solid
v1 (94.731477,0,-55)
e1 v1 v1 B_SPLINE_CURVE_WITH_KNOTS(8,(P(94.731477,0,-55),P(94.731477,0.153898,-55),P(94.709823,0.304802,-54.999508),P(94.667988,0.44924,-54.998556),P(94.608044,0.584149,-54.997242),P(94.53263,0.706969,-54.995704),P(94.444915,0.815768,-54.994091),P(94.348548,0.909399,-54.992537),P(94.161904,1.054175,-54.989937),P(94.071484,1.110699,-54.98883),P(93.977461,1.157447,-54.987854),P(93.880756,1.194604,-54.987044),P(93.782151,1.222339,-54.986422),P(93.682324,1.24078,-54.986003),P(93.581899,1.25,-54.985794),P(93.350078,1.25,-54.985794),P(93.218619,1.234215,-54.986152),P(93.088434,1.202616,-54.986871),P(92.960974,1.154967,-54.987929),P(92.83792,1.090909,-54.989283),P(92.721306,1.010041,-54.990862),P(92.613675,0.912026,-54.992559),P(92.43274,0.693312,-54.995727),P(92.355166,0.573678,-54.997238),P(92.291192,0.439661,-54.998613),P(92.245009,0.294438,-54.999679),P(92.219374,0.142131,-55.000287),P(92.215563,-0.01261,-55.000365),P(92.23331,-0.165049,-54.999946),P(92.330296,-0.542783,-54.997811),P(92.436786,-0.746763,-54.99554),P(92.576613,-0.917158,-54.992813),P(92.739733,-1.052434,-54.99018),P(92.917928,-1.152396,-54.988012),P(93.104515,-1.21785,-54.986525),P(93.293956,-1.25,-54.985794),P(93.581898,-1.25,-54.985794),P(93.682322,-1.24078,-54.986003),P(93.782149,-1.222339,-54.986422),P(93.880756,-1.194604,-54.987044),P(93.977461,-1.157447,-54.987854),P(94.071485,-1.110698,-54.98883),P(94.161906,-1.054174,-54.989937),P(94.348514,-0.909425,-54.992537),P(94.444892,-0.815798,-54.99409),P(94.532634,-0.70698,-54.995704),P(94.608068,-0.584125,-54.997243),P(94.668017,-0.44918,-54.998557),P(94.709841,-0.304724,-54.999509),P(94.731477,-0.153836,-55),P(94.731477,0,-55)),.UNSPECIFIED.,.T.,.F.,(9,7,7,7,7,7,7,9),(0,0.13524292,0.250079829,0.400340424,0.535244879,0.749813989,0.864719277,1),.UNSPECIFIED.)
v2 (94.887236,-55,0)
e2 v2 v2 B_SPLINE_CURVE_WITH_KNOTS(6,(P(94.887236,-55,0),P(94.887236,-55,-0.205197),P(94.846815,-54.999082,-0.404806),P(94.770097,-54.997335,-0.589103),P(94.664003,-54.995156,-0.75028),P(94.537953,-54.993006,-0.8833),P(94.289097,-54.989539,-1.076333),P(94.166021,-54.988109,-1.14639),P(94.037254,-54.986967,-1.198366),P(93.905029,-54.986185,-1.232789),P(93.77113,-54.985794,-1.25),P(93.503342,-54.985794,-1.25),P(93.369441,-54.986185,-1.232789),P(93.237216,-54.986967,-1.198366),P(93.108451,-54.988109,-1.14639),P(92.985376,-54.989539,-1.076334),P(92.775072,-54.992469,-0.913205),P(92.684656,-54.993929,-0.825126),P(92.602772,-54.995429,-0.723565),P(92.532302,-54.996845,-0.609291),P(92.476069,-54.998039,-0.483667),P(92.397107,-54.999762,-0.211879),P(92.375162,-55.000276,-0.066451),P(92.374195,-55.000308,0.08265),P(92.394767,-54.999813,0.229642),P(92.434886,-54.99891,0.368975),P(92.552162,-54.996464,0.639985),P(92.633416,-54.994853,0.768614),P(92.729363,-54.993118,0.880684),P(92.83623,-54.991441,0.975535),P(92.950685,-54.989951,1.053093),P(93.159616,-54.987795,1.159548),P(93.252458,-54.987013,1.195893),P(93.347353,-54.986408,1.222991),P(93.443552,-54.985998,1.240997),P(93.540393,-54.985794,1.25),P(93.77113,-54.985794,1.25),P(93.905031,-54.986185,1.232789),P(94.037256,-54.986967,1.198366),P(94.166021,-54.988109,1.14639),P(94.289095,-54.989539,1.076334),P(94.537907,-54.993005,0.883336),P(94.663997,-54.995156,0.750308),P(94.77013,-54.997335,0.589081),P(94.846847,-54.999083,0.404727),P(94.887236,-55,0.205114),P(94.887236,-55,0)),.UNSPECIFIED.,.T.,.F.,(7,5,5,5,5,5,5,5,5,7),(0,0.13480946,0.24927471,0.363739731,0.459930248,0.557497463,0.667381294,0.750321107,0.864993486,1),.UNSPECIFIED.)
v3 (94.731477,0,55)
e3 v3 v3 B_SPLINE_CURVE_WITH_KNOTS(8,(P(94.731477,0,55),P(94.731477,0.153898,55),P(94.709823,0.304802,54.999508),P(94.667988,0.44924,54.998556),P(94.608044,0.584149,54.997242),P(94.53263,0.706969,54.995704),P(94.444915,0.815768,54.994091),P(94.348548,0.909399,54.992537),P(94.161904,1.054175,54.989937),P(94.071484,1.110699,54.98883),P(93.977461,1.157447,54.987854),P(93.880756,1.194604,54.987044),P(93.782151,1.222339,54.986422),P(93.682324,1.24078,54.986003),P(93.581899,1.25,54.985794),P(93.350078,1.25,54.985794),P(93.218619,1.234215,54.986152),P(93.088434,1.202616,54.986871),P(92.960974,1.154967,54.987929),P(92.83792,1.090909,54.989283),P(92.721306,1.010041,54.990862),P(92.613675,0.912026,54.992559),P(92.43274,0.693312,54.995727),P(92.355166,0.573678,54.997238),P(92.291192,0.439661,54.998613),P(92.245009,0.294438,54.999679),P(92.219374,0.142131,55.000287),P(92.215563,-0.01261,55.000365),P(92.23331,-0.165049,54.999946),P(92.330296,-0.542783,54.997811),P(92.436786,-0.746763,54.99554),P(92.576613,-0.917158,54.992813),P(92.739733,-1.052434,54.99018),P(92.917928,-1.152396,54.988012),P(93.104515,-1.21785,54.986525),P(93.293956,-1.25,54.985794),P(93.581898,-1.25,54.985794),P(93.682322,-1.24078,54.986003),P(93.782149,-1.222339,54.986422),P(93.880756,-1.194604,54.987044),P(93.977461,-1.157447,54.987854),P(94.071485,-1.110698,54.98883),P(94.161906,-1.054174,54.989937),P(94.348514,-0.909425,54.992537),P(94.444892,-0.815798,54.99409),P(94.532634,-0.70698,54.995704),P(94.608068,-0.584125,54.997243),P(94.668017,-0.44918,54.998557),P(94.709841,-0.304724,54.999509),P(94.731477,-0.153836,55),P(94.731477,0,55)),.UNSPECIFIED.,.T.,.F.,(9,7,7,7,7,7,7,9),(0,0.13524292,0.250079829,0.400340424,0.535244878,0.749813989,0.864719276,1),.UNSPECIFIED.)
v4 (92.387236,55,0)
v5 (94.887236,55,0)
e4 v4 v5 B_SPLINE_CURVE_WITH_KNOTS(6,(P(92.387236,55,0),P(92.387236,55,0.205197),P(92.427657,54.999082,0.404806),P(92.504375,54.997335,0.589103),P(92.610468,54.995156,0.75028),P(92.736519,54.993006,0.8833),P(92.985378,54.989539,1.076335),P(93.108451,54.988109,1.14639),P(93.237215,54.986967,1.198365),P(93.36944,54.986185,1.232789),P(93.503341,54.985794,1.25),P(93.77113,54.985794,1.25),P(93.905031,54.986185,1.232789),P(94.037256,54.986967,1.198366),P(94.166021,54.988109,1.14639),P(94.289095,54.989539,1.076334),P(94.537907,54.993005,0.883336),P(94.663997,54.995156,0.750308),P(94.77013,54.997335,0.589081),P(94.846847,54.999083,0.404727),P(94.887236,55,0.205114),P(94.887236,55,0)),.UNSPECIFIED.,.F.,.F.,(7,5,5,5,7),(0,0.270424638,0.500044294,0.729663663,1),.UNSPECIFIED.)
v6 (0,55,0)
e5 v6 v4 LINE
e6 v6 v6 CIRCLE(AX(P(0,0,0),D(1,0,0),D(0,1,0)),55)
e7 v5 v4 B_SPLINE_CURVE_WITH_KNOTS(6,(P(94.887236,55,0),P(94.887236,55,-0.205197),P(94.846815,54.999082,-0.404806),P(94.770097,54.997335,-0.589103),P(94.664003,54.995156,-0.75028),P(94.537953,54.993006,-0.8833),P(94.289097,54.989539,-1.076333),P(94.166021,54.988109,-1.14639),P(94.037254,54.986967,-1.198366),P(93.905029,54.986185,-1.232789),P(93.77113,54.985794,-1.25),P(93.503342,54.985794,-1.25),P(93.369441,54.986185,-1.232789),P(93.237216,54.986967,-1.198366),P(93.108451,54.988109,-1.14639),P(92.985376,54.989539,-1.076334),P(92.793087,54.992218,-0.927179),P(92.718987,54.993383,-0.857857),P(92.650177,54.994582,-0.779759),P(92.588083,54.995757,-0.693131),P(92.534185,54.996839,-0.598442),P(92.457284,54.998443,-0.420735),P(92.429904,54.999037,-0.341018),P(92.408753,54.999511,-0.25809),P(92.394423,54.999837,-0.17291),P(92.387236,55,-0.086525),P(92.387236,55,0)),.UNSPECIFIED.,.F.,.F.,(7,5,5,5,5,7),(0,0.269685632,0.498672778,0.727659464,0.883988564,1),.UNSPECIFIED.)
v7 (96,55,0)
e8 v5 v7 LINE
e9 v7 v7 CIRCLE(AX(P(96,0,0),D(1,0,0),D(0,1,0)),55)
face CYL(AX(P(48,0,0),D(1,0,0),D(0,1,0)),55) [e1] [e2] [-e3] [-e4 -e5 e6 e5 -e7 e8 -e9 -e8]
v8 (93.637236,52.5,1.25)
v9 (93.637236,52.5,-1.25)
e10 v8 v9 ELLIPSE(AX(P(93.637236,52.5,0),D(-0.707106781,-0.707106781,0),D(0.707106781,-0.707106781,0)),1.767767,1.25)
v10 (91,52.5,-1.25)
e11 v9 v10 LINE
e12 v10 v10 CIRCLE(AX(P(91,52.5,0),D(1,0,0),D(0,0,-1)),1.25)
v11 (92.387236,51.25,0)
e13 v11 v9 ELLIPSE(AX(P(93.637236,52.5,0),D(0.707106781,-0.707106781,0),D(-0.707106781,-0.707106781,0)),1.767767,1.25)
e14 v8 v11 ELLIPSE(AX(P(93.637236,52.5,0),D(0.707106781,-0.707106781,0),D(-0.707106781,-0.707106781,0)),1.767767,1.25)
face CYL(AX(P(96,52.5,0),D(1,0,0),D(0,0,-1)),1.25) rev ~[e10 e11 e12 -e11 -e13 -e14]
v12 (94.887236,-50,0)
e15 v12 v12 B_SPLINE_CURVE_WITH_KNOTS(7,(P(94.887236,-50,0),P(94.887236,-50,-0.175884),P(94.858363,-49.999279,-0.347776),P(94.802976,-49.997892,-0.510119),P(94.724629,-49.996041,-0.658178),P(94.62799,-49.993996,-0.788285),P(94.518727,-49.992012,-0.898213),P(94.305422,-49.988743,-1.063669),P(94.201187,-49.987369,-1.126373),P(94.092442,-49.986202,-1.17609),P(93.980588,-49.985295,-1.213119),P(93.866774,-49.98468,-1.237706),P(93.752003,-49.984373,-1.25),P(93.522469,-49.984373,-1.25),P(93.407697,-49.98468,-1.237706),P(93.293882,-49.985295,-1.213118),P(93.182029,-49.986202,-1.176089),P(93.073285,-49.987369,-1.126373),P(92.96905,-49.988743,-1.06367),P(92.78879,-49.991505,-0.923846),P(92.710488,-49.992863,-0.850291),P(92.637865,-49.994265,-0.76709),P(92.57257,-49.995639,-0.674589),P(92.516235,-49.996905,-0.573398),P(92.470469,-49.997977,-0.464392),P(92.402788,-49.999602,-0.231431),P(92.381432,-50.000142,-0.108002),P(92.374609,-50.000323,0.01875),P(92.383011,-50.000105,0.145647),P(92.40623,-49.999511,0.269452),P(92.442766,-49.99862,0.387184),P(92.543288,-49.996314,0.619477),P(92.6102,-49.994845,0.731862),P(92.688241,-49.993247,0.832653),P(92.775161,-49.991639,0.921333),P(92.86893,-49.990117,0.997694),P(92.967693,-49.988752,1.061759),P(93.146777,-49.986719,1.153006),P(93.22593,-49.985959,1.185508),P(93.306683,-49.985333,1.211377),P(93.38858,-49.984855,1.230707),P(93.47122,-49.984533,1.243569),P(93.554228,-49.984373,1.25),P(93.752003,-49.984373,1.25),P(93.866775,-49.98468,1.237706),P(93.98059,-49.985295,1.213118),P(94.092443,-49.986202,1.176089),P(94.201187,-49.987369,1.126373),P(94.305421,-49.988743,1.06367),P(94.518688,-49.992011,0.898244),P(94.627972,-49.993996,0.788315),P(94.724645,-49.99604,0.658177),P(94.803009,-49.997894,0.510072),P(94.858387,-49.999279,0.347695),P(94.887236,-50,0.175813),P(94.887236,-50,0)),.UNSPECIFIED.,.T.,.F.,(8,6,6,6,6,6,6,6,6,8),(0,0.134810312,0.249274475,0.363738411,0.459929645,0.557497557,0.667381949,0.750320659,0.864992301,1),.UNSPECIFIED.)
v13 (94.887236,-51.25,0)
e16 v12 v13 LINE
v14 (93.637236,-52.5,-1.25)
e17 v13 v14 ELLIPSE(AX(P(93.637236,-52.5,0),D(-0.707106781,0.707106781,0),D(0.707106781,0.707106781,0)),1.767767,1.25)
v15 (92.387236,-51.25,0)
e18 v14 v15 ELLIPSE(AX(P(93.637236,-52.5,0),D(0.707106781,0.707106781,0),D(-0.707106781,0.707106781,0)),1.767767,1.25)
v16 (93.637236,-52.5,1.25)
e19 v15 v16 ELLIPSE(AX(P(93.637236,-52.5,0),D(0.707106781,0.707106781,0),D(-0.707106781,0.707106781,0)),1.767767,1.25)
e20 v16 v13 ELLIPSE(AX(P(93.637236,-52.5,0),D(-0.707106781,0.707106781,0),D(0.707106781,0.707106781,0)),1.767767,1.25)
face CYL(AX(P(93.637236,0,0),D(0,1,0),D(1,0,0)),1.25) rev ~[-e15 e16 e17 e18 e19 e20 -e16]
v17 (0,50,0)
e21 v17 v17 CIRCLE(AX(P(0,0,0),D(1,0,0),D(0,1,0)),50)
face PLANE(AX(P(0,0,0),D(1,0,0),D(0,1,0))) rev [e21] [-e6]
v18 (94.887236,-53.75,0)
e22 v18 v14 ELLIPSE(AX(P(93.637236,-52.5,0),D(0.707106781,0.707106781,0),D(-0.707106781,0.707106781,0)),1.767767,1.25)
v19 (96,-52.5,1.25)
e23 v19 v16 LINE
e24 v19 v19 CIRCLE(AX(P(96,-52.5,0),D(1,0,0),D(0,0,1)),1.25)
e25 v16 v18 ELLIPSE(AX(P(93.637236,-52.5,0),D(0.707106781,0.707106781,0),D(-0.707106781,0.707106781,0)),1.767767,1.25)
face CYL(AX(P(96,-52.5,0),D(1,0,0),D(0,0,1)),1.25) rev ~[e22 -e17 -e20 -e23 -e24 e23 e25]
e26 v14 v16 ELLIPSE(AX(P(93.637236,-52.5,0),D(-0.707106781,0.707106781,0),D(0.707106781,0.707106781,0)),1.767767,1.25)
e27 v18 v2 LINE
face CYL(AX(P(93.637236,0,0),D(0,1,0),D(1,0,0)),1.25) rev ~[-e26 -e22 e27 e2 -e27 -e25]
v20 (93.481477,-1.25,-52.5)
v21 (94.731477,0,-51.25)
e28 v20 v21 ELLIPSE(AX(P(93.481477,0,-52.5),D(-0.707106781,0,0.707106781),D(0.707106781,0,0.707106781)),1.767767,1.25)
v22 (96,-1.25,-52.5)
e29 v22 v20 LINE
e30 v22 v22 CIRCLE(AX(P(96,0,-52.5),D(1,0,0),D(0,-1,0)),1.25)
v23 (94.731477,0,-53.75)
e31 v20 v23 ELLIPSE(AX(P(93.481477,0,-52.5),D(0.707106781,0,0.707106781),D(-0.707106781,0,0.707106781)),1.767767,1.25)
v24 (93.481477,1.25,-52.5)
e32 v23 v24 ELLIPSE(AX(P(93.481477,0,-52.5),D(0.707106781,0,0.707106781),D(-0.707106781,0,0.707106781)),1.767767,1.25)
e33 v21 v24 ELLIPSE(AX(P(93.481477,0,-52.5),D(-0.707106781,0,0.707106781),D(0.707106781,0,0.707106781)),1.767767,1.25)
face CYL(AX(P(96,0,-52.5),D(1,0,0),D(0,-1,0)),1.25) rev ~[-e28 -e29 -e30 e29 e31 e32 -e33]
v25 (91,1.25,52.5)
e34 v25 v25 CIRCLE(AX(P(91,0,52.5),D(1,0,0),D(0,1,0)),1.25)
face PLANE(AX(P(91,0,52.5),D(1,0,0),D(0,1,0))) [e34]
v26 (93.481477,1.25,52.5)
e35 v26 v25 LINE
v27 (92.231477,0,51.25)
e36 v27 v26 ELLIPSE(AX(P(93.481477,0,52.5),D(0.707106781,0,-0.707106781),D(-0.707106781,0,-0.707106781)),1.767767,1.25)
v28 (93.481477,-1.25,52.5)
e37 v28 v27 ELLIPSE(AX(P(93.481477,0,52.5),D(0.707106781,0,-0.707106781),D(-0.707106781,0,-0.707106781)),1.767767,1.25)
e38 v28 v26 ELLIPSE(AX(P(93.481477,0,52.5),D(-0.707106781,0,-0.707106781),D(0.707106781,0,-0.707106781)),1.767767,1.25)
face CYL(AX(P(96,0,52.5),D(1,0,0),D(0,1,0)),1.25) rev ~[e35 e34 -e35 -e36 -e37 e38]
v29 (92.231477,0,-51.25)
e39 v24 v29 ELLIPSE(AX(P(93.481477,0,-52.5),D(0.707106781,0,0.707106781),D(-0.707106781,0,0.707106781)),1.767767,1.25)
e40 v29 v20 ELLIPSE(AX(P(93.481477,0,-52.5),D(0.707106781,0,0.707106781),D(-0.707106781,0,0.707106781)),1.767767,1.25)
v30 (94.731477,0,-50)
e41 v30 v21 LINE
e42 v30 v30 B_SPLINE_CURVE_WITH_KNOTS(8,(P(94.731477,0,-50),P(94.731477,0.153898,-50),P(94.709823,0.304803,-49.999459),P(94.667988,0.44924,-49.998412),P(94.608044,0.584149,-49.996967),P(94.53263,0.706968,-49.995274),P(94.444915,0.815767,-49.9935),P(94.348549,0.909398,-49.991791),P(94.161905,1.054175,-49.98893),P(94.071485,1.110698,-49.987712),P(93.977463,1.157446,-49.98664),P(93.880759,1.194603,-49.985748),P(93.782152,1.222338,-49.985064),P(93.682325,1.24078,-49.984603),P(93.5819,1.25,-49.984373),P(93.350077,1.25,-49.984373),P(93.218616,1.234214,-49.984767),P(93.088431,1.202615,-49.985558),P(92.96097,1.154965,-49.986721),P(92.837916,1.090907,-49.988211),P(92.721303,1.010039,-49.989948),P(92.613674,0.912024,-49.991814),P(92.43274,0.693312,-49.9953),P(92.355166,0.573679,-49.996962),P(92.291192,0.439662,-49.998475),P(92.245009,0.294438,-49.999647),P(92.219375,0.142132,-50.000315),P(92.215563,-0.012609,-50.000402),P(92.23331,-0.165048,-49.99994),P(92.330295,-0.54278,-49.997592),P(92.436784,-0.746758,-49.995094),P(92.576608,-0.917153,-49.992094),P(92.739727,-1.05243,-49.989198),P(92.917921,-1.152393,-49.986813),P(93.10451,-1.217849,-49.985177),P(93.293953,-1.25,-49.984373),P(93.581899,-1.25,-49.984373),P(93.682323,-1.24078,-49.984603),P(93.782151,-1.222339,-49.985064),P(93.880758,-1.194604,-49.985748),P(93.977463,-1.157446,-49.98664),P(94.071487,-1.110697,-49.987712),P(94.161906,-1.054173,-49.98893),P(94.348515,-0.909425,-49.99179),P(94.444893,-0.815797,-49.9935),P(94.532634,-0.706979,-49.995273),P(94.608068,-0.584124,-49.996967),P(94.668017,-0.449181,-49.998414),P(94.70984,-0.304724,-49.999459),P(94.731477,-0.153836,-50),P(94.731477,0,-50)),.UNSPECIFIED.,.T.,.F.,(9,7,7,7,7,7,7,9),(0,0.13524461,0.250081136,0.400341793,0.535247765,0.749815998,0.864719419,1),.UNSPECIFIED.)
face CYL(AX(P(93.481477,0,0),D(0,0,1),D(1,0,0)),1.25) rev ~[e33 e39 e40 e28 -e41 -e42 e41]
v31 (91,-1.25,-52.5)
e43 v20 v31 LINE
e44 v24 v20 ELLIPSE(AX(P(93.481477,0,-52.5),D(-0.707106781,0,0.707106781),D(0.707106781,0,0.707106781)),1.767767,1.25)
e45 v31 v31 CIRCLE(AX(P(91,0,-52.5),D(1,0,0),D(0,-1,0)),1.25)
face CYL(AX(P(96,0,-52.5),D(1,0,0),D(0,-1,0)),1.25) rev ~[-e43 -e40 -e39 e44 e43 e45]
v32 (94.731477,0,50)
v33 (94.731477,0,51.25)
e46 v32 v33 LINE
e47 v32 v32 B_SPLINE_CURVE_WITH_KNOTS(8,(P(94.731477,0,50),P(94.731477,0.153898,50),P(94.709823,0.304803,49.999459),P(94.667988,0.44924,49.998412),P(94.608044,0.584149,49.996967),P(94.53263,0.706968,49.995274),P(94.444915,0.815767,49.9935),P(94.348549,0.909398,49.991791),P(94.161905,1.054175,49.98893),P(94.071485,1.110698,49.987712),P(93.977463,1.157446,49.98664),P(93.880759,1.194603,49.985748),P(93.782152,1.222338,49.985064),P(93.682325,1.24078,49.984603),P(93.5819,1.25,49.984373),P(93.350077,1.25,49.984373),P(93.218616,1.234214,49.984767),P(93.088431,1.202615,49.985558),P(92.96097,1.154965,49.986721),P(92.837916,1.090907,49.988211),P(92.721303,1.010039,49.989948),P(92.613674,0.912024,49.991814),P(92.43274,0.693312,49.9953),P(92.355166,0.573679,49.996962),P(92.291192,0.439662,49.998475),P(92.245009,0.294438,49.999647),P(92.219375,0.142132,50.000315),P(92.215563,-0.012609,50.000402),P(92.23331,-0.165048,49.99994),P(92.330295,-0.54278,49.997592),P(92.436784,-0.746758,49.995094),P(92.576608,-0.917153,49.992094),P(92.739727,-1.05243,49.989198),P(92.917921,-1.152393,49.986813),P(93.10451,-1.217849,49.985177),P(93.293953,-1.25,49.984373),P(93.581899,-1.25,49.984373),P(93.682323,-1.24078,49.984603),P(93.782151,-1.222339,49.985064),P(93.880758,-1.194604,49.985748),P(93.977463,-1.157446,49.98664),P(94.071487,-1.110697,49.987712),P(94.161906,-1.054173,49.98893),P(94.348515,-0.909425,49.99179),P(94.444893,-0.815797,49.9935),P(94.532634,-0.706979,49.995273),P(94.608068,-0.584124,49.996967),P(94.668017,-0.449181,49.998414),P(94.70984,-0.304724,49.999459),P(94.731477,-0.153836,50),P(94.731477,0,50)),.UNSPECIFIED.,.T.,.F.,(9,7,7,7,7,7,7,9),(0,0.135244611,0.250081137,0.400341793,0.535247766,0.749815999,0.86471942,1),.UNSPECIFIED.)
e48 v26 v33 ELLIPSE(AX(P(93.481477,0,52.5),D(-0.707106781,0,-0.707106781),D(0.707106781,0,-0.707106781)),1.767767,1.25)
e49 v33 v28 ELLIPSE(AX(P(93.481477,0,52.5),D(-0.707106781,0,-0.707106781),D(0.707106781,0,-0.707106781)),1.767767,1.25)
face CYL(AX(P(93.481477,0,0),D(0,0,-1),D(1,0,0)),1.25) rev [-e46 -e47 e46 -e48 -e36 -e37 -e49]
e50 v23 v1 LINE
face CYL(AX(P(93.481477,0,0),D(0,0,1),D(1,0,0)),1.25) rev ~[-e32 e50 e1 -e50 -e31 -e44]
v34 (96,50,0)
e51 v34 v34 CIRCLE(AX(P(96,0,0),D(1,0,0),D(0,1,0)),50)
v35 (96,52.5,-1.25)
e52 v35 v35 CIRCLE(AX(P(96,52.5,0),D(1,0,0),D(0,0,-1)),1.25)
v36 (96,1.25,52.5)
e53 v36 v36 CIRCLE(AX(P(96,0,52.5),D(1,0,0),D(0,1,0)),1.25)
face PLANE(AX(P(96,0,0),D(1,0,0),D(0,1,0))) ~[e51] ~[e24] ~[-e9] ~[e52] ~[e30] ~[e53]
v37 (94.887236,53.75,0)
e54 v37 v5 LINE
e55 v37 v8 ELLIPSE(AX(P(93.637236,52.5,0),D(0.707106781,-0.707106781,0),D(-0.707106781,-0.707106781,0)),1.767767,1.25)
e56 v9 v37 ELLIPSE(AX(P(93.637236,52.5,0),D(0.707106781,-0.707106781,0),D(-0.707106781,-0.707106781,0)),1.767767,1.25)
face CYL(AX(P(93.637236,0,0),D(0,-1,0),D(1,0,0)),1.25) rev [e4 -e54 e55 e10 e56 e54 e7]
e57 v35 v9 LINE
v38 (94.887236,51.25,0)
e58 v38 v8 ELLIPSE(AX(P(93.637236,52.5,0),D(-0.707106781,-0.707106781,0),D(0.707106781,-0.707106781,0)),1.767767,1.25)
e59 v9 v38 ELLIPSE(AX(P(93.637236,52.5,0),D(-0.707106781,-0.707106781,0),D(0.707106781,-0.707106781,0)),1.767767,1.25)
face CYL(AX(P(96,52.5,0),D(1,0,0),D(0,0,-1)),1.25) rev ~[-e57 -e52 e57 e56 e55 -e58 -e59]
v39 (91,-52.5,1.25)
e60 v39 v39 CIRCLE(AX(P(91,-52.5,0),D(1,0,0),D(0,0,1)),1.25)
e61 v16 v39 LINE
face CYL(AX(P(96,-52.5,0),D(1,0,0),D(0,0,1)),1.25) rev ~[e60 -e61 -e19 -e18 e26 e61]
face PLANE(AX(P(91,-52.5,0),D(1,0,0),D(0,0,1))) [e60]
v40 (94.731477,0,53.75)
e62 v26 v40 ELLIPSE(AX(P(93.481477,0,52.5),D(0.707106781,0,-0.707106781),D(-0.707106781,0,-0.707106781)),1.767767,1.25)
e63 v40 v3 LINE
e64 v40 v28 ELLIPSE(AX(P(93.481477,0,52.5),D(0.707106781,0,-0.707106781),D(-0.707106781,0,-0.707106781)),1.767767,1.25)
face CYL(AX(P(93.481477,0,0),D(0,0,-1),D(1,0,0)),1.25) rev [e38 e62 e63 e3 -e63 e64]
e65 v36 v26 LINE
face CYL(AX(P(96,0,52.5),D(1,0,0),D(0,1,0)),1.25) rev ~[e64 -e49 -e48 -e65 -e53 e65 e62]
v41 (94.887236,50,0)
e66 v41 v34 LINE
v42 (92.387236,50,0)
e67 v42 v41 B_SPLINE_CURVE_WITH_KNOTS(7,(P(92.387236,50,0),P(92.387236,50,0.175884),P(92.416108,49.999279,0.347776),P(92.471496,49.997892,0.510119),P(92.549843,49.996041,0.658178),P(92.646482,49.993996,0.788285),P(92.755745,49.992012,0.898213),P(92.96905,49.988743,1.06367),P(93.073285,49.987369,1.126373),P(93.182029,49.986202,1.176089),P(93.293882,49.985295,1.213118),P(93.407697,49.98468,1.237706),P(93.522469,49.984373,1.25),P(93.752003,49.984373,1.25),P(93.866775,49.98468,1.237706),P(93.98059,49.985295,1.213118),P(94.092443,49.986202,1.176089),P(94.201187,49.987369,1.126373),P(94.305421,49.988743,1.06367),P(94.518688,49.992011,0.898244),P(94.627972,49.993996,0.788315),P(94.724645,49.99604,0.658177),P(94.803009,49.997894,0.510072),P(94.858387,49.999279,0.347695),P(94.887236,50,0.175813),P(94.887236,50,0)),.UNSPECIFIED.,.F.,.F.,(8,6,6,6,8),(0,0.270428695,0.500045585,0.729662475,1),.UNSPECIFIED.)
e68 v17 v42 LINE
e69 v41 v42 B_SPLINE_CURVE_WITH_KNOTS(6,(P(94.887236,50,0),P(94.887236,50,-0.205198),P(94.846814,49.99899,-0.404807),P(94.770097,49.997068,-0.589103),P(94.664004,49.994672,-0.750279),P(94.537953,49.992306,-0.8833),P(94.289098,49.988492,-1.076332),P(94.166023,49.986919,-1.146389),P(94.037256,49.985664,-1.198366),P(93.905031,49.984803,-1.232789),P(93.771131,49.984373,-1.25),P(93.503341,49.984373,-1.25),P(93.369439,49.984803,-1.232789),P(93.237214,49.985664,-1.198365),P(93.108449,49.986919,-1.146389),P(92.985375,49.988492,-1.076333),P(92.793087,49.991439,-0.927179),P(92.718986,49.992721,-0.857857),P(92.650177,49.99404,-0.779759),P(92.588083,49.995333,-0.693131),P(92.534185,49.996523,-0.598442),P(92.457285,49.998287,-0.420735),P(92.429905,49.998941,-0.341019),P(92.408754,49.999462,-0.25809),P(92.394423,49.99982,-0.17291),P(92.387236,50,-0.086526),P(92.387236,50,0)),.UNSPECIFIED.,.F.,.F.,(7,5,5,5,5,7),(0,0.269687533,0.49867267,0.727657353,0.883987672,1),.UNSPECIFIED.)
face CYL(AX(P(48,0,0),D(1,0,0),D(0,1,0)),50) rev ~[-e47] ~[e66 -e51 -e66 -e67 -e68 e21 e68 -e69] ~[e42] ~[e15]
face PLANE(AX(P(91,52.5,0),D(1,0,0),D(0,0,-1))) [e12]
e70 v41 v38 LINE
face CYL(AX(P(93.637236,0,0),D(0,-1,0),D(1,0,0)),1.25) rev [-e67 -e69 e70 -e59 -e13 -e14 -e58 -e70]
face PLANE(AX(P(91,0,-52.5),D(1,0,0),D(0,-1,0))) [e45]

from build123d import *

# Parameters (mm, degrees)
SKETCH1_W               = 96
SKETCH1_H               = 5
SKETCH2_R               = 1.25
CUT_EXTRUDE1_DEPTH      = 56
CUT_EXTRUDE1_DEPTH_BACK = 56
SKETCH4_R               = 1.25
CUT_EXTRUDE2_DEPTH      = 56.0000001
CUT_EXTRUDE2_DEPTH_BACK = 56.0000001
SKETCH5_R               = 1.25
CUT_EXTRUDE3_DEPTH      = 5
CIRPATTERN1_COUNT       = 4


with BuildPart() as part:
    # Sketch1 → Revolve1 (revolve)
    with BuildSketch(Plane.XY):
        with Locations((48, 52.5)):
            Rectangle(SKETCH1_W, SKETCH1_H)
    revolve(axis=Axis((0, 0, 0), (1, 0, 0)))

    # Sketch2 → Cut-Extrude1 (cut, two sides)
    with BuildSketch(Plane(origin=(0, 0, 0), x_dir=(1, 0, 0), z_dir=(0, 1, 0))) as cut_extrude1_sk:
        with Locations((93.637235836, 0)):
            Circle(SKETCH2_R)
    extrude(amount=CUT_EXTRUDE1_DEPTH, mode=Mode.SUBTRACT)
    extrude(cut_extrude1_sk.sketch, amount=-CUT_EXTRUDE1_DEPTH_BACK, mode=Mode.SUBTRACT)

    # Sketch4 → Cut-Extrude2 (cut, two sides)
    with BuildSketch(Plane.XY) as cut_extrude2_sk:
        with Locations((93.481477352, 0)):
            Circle(SKETCH4_R)
    extrude(amount=CUT_EXTRUDE2_DEPTH, mode=Mode.SUBTRACT)
    extrude(cut_extrude2_sk.sketch, amount=-CUT_EXTRUDE2_DEPTH_BACK, mode=Mode.SUBTRACT)

    # Sketch5 → Cut-Extrude3 (cut)
    with BuildSketch(Plane(origin=(96, 0, 0), x_dir=(0, 0, -1), z_dir=(1, 0, 0))):
        with Locations((0, 52.5)):
            Circle(SKETCH5_R)
    cut_extrude3 = extrude(amount=-CUT_EXTRUDE3_DEPTH, mode=Mode.SUBTRACT)

    # CirPattern1: Cut-Extrude3 ×4 about axis
    cirpattern1_axis = Axis((0, 0, 0), (1, 0, 0))
    for i in range(1, CIRPATTERN1_COUNT):
        add(cut_extrude3.rotate(cirpattern1_axis, i * 360 / CIRPATTERN1_COUNT), mode=Mode.SUBTRACT)


solid = part.part
